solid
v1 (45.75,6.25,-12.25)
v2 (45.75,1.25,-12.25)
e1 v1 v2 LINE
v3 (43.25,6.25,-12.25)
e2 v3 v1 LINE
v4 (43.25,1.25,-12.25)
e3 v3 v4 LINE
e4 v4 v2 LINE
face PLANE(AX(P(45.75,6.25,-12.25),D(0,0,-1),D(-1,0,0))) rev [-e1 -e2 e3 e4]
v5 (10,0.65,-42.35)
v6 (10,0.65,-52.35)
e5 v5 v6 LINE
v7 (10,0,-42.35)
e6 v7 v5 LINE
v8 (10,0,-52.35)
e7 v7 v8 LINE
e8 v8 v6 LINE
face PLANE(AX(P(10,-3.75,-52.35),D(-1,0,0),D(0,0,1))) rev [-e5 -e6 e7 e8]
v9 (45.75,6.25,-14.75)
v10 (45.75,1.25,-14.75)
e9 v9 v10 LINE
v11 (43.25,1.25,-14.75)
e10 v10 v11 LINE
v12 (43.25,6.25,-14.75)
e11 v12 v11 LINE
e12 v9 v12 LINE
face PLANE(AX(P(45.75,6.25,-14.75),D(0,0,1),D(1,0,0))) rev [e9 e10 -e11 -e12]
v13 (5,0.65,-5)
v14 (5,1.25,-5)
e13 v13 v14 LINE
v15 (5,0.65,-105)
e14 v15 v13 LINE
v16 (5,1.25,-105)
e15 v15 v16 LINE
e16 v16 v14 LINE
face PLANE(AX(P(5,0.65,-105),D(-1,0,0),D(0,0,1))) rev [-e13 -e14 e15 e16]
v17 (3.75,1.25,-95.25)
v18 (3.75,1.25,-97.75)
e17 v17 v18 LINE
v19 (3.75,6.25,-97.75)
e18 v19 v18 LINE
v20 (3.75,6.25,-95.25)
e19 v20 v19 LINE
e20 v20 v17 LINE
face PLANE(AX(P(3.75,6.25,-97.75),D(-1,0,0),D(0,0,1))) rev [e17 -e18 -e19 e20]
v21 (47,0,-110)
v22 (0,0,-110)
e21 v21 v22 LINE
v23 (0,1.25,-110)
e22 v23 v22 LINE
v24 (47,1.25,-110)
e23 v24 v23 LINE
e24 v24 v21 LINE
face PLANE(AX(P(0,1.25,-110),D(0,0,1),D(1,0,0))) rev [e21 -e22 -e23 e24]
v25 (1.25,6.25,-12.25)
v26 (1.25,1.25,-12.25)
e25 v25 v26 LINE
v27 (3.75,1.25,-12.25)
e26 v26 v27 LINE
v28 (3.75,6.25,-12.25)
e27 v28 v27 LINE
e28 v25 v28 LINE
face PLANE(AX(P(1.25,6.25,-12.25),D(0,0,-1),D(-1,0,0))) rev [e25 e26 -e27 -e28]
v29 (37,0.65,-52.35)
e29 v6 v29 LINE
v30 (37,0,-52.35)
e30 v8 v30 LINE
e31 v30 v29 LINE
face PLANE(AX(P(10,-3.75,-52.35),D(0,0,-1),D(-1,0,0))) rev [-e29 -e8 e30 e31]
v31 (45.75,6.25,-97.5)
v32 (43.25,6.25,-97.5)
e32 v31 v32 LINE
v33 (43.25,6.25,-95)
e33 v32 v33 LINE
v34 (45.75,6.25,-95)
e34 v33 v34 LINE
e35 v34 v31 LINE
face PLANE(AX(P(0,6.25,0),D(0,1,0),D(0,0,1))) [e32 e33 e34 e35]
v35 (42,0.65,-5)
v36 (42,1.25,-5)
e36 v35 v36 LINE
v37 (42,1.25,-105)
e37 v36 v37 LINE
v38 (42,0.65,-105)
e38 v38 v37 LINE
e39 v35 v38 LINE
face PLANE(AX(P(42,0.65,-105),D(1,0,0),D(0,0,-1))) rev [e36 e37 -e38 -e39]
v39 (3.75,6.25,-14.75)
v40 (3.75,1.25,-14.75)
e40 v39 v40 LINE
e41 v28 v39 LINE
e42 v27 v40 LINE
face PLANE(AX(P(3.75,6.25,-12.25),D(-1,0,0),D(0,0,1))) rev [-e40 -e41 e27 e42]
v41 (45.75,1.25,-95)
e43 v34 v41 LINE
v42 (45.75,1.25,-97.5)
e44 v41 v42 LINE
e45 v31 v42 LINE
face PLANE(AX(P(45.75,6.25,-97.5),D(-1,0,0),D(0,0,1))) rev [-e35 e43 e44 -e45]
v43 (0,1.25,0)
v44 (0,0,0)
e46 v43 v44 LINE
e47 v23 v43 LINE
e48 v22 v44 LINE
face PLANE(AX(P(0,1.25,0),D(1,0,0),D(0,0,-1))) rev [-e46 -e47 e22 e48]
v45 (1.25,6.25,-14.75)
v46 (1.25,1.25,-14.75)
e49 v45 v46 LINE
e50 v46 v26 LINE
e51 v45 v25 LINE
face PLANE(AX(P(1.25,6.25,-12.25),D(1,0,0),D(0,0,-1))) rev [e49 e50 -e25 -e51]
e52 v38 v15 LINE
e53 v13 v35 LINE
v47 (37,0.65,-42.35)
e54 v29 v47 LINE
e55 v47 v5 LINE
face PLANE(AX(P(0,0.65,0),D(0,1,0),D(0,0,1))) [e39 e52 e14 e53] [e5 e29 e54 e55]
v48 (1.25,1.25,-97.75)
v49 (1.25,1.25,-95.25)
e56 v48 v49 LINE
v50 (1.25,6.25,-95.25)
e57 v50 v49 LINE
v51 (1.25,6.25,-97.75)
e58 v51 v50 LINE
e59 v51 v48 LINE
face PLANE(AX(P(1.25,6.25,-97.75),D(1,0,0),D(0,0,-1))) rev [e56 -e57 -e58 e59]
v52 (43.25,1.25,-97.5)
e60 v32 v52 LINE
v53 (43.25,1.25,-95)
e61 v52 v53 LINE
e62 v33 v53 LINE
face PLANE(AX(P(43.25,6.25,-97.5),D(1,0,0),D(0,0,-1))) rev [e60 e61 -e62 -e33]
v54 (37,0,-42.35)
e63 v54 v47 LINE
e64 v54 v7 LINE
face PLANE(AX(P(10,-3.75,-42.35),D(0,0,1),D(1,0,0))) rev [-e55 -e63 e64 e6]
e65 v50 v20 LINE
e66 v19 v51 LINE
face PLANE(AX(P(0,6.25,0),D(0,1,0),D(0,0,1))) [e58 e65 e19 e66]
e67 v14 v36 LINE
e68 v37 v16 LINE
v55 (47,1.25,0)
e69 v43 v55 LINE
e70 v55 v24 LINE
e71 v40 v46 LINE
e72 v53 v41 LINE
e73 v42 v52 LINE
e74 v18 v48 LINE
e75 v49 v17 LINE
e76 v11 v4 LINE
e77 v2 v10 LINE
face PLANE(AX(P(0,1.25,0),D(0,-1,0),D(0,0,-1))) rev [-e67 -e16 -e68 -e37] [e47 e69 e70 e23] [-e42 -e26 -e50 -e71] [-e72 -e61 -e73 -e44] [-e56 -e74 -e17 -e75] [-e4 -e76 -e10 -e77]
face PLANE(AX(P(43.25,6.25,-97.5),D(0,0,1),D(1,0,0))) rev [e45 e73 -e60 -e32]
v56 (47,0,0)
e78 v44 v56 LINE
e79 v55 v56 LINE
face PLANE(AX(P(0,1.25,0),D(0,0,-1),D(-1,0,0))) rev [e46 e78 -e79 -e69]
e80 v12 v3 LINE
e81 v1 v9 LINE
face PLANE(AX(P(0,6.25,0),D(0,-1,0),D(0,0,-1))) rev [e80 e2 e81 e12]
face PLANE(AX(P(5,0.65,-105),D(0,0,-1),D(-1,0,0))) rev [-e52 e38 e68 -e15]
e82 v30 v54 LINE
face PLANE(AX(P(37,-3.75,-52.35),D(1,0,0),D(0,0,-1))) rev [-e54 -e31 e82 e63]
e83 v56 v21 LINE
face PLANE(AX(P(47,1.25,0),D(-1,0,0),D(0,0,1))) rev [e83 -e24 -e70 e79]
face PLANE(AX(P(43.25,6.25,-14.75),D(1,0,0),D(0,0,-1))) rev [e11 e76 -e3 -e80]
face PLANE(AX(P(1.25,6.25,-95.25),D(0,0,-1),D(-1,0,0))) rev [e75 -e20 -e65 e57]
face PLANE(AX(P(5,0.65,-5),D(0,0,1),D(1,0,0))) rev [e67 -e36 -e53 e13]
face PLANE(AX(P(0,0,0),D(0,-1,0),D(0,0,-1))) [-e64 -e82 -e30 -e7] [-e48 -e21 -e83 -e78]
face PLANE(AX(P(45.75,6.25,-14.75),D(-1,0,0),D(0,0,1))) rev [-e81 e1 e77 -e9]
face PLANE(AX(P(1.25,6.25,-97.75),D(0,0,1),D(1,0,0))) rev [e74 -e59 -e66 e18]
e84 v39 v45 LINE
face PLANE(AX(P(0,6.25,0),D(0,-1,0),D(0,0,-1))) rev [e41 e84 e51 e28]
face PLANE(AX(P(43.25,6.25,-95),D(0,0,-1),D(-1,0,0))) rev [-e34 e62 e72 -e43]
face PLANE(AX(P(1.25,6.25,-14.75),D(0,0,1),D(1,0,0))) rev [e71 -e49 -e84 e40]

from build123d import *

# Parameters (mm, degrees)
SKETCH1_W           = 47
SKETCH1_H           = 110
BOSS_EXTRUDE1_DEPTH = 1.25
SKETCH2_W           = 2.5
SKETCH2_H           = 2.5
BOSS_EXTRUDE2_DEPTH = 5
SKETCH3_W           = 27
SKETCH3_H           = 10
CUT_EXTRUDE1_DEPTH  = 5
SKETCH6_W           = 37
SKETCH6_H           = 100
CUT_EXTRUDE2_DEPTH  = 0.6


with BuildPart() as part:
    # Sketch1 → Boss-Extrude1 (new body)
    with BuildSketch(Plane(origin=(0, 0, 0), x_dir=(1, 0, 0), z_dir=(0, 1, 0))):
        with Locations((23.5, 55)):
            Rectangle(SKETCH1_W, SKETCH1_H)
    extrude(amount=BOSS_EXTRUDE1_DEPTH)

    # Sketch2 → Boss-Extrude2 (add)
    with BuildSketch(Plane(origin=(0, 1.25, 0), x_dir=(1, 0, 0), z_dir=(0, 1, 0))):
        with Locations((44.5, 96.25)):
            Rectangle(SKETCH2_W, SKETCH2_H)
        with Locations((44.5, 13.5)):
            Rectangle(SKETCH2_W, SKETCH2_H)
        with Locations((2.5, 13.5)):
            Rectangle(SKETCH2_W, SKETCH2_H)
        with Locations((2.5, 96.5)):
            Rectangle(SKETCH2_W, SKETCH2_H)
    extrude(amount=BOSS_EXTRUDE2_DEPTH)

    # Sketch3 → Cut-Extrude1 (cut)
    with BuildSketch(Plane(origin=(0, 1.25, 0), x_dir=(1, 0, 0), z_dir=(0, 1, 0))):
        with Locations((23.5, 47.35)):
            Rectangle(SKETCH3_W, SKETCH3_H)
    extrude(amount=-CUT_EXTRUDE1_DEPTH, mode=Mode.SUBTRACT)

    # Sketch6 → Cut-Extrude2 (cut)
    with BuildSketch(Plane(origin=(0, 1.25, 0), x_dir=(1, 0, 0), z_dir=(0, 1, 0))):
        with Locations((23.5, 55)):
            Rectangle(SKETCH6_W, SKETCH6_H)
    extrude(amount=-CUT_EXTRUDE2_DEPTH, mode=Mode.SUBTRACT)


solid = part.part
